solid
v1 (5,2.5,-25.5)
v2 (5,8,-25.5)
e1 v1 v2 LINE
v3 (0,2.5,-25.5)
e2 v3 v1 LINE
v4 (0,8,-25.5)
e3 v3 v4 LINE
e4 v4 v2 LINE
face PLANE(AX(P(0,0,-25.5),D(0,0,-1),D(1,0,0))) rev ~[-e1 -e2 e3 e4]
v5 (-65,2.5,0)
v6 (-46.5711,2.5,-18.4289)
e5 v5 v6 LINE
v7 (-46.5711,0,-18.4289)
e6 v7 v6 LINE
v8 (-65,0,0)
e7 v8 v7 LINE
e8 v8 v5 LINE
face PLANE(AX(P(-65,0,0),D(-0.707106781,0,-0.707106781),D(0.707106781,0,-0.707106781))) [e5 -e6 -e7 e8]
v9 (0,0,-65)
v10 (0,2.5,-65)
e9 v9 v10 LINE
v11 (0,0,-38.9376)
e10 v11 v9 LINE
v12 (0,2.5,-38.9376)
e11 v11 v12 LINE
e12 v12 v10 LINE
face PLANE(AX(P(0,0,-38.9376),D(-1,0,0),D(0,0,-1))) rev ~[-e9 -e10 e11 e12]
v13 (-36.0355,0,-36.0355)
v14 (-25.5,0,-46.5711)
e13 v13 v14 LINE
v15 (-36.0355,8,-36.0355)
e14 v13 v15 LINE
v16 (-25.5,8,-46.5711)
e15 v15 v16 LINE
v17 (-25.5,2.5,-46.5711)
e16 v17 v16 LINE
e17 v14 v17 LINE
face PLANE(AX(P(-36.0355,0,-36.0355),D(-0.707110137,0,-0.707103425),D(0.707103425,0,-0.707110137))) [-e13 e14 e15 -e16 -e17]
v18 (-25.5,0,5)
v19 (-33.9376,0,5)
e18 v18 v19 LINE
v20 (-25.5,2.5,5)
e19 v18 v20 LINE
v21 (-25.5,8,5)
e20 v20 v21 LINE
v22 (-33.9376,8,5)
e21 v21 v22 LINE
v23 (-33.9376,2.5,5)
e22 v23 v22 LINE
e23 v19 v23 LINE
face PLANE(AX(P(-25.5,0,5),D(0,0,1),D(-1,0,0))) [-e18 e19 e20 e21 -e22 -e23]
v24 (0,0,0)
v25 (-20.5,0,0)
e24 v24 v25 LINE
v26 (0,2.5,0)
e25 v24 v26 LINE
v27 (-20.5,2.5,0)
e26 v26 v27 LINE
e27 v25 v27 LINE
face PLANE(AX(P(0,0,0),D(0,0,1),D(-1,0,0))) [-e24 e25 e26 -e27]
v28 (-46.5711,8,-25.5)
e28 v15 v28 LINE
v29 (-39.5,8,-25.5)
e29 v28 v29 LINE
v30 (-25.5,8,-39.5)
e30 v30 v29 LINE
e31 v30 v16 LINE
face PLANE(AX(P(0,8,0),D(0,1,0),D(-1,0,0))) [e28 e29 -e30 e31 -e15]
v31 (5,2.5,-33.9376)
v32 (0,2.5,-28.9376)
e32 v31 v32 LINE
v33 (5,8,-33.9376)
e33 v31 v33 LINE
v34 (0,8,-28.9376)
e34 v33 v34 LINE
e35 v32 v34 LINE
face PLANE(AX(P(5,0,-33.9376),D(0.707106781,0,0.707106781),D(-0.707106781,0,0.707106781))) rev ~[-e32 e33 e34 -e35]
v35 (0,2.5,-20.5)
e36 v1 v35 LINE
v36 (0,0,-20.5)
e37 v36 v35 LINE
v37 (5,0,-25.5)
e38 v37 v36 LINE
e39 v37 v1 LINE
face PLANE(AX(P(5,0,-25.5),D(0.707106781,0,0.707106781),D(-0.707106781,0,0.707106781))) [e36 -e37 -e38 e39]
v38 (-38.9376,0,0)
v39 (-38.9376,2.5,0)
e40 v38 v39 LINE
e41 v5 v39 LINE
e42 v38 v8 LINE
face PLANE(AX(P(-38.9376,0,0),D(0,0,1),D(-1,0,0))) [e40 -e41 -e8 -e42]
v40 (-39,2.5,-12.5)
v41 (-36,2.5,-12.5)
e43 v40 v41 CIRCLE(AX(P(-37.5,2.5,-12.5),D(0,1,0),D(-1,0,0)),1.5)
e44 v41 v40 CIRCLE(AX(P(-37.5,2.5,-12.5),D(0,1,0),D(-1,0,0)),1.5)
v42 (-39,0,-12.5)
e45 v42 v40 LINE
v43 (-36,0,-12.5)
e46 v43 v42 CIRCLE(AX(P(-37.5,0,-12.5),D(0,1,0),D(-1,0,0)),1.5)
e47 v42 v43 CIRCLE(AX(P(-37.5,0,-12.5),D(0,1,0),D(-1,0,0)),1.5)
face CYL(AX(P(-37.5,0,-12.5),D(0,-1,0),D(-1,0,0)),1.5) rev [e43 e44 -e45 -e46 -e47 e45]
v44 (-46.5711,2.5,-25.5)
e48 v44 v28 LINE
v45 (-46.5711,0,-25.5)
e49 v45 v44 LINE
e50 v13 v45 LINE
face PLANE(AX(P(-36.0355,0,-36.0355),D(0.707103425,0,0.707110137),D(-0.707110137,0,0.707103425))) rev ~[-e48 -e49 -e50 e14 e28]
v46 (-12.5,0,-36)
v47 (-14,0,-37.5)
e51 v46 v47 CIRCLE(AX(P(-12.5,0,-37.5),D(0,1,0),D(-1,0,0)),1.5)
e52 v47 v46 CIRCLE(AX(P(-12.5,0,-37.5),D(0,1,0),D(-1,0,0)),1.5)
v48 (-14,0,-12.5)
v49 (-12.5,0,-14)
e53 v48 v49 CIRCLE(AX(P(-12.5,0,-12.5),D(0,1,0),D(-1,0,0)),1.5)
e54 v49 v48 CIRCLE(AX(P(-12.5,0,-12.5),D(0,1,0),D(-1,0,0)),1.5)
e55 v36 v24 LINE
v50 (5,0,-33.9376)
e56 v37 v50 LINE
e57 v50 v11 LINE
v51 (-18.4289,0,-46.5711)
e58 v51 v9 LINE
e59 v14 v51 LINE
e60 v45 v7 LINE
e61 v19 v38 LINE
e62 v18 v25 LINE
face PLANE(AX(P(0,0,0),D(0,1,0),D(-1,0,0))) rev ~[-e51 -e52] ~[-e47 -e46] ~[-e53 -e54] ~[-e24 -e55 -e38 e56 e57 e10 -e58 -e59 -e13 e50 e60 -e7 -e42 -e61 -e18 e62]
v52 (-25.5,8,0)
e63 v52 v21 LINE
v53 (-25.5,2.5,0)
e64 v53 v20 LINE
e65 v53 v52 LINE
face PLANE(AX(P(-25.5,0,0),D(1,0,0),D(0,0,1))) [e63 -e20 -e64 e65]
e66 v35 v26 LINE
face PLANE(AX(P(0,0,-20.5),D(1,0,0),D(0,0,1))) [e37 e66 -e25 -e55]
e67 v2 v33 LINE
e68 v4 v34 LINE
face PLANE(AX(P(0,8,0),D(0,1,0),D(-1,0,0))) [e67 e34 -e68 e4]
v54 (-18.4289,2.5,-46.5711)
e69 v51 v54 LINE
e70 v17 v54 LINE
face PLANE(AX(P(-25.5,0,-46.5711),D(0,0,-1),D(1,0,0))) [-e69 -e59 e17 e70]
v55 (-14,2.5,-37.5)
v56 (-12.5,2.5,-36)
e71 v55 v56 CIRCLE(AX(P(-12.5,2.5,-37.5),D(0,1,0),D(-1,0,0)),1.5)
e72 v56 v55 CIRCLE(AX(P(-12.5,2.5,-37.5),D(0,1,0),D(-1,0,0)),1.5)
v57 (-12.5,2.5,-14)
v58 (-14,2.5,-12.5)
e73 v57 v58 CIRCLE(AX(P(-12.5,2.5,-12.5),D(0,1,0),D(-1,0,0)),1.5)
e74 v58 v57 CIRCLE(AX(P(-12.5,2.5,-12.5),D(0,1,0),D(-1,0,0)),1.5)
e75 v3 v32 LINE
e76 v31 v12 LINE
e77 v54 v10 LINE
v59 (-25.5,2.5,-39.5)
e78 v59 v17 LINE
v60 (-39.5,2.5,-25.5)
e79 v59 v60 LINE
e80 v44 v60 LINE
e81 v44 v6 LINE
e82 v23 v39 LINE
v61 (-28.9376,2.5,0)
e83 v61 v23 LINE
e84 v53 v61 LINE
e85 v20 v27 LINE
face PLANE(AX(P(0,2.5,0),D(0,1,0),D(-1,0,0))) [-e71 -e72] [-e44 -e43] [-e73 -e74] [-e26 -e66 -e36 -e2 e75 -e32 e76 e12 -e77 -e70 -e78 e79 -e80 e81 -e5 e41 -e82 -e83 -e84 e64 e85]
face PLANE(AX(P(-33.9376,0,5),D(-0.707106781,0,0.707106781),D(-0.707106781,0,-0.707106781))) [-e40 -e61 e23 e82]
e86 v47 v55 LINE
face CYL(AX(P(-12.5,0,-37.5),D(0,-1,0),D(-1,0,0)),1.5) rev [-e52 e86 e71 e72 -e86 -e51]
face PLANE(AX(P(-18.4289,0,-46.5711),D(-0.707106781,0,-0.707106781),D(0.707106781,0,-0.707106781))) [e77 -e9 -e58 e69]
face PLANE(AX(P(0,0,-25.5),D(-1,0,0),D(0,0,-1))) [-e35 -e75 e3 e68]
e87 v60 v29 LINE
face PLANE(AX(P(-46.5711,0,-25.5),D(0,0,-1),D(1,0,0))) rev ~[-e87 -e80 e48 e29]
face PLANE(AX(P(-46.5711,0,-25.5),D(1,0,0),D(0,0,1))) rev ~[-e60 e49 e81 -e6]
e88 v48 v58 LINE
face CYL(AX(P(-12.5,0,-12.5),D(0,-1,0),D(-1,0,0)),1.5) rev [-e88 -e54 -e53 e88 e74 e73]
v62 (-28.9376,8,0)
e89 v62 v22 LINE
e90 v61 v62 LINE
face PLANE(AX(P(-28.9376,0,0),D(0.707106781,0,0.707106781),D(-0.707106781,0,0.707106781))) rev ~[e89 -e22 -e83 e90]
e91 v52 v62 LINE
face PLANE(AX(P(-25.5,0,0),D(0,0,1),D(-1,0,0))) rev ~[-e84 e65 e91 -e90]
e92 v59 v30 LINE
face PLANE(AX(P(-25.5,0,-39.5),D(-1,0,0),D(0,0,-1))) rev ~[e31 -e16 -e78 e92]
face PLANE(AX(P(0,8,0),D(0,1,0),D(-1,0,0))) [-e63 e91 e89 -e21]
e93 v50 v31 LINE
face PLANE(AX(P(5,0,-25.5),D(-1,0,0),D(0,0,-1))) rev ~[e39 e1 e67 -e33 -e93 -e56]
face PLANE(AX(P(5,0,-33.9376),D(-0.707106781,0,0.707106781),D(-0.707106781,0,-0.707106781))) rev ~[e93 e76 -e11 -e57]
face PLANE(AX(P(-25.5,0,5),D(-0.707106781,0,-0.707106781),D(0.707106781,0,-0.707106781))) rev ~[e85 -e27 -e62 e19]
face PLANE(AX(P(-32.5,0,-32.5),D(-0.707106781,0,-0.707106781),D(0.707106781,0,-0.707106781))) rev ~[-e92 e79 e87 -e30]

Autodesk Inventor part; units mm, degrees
ref_plane "YZ Plane" through (0, 0, 0) normal (1, 0, 0) x (0, 1, 0)
ref_plane "XZ Plane" through (0, 0, 0) normal (0, 1, 0) x (-1, 0, 0)
ref_plane "XY Plane" through (0, 0, 0) normal (0, 0, 1) x (1, 0, 0)
sketch "Sketch1" plane through (0, 0, 0) normal (0, 1, 0) x (-1, 0, 0)
  line L0 (0, 0) -> (25, 0)
  line L1 (0, -25) -> (0, 0)
  line L2 (25, 0) -> (50, 0)
  circle A0 centre (37.5, -12.5) radius 1.5
  circle A1 centre (12.5, -12.5) radius 1.5
  circle A2 centre (12.5, -37.5) radius 1.5
  line L3 (0, 0) -> (0, -25.5)
  line L4 (50, 0) -> (51, 0)
  line L5 (46.5711, -25.5) -> (39.5, -25.5)
  line L6 (25.5, -39.5) -> (25.5, -46.5711)
  line L7 (0, 0) -> (0, -65)
  line L8 (0, 0) -> (65, 0)
  line L9 (65, 0) -> (0, -65)
  line L10 (25.5, 0) -> (25.5, 5)
  line L11 (25.5, 5) -> (33.9376, 5)
  line L12 (0, -25.5) -> (-5, -25.5)
  line L13 (-5, -25.5) -> (-5, -33.9376)
  line L14 (32.5, -32.5) -> (36.0355, -36.0355)
  line L15 (36.0355, -36.0355) -> (25.5, -46.5711)
  line L16 (36.0355, -36.0355) -> (46.5711, -25.5)
  line L17 (28.9376, 0) -> (33.9376, 5)
  line L18 (-5, -33.9376) -> (0, -28.9376)
  line L19 (12.5, -12.5) -> (12.5, -37.5)
  line L20 (12.5, -12.5) -> (37.5, -12.5)
  line L21 (33.9376, 5) -> (38.9376, 0)
  line L22 (25.5, 5) -> (20.5, 0)
  line L23 (-5, -25.5) -> (0, -20.5)
  line L24 (-5, -33.9376) -> (0, -38.9376)
  line L25 (25.5, -46.5711) -> (18.4289, -46.5711)
  line L26 (46.5711, -25.5) -> (46.5711, -18.4289)
  line L27 (46.5711, -18.4289) -> (39.5, -25.5)
  line L28 (25.5, -39.5) -> (18.4289, -46.5711)
  line L29 (0, -20.5) -> (0, -25.5)
  line L30 (25.5, 0) -> (20.5, 0)
  line L31 (0, -28.9376) -> (0, -38.9376)
  line L32 (0, -20.5) -> (0, -25.5)
  line L33 (0, -25.5) -> (0, -28.9376)
  line L34 (0, -28.9376) -> (0, -38.9376)
  line L35 (-5, -33.9376) -> (0, -38.9376)
  line L36 (0, -38.9376) -> (0, -28.9376)
  line L37 (0, -28.9376) -> (-5, -33.9376)
  dimension "d36" = 25
  dimension "d38" = 25
  dimension "d42" = 3
  dimension "d43" = 3
  dimension "d44" = 3
  dimension "d45" = 25.5
  dimension "d47" = 1
  dimension "d51" = 65
  dimension "d52" = 65
  dimension "d54" = 5
  dimension "d55" = 5
  dimension "d56" = 5
extrude "Extrusion5" add sketch "Sketch1" along normal blind 2.5 contours L0 L2 L4 L8 L9 L7 L3 L1 | L22 L10 L2 L0 | L1 L3 L12 L23 | L21 L2 L17 | L18 L7 L24 | L9 L6 L25 | L26 L5 L9
extrude "Extrusion6" add sketch "Sketch1" along normal blind 8 contours L11 L17 L2 L10 | L12 L7 L18 L13 | L9 L14 L15 L6 | L9 L5 L16 L14
properties part number "stencil"
